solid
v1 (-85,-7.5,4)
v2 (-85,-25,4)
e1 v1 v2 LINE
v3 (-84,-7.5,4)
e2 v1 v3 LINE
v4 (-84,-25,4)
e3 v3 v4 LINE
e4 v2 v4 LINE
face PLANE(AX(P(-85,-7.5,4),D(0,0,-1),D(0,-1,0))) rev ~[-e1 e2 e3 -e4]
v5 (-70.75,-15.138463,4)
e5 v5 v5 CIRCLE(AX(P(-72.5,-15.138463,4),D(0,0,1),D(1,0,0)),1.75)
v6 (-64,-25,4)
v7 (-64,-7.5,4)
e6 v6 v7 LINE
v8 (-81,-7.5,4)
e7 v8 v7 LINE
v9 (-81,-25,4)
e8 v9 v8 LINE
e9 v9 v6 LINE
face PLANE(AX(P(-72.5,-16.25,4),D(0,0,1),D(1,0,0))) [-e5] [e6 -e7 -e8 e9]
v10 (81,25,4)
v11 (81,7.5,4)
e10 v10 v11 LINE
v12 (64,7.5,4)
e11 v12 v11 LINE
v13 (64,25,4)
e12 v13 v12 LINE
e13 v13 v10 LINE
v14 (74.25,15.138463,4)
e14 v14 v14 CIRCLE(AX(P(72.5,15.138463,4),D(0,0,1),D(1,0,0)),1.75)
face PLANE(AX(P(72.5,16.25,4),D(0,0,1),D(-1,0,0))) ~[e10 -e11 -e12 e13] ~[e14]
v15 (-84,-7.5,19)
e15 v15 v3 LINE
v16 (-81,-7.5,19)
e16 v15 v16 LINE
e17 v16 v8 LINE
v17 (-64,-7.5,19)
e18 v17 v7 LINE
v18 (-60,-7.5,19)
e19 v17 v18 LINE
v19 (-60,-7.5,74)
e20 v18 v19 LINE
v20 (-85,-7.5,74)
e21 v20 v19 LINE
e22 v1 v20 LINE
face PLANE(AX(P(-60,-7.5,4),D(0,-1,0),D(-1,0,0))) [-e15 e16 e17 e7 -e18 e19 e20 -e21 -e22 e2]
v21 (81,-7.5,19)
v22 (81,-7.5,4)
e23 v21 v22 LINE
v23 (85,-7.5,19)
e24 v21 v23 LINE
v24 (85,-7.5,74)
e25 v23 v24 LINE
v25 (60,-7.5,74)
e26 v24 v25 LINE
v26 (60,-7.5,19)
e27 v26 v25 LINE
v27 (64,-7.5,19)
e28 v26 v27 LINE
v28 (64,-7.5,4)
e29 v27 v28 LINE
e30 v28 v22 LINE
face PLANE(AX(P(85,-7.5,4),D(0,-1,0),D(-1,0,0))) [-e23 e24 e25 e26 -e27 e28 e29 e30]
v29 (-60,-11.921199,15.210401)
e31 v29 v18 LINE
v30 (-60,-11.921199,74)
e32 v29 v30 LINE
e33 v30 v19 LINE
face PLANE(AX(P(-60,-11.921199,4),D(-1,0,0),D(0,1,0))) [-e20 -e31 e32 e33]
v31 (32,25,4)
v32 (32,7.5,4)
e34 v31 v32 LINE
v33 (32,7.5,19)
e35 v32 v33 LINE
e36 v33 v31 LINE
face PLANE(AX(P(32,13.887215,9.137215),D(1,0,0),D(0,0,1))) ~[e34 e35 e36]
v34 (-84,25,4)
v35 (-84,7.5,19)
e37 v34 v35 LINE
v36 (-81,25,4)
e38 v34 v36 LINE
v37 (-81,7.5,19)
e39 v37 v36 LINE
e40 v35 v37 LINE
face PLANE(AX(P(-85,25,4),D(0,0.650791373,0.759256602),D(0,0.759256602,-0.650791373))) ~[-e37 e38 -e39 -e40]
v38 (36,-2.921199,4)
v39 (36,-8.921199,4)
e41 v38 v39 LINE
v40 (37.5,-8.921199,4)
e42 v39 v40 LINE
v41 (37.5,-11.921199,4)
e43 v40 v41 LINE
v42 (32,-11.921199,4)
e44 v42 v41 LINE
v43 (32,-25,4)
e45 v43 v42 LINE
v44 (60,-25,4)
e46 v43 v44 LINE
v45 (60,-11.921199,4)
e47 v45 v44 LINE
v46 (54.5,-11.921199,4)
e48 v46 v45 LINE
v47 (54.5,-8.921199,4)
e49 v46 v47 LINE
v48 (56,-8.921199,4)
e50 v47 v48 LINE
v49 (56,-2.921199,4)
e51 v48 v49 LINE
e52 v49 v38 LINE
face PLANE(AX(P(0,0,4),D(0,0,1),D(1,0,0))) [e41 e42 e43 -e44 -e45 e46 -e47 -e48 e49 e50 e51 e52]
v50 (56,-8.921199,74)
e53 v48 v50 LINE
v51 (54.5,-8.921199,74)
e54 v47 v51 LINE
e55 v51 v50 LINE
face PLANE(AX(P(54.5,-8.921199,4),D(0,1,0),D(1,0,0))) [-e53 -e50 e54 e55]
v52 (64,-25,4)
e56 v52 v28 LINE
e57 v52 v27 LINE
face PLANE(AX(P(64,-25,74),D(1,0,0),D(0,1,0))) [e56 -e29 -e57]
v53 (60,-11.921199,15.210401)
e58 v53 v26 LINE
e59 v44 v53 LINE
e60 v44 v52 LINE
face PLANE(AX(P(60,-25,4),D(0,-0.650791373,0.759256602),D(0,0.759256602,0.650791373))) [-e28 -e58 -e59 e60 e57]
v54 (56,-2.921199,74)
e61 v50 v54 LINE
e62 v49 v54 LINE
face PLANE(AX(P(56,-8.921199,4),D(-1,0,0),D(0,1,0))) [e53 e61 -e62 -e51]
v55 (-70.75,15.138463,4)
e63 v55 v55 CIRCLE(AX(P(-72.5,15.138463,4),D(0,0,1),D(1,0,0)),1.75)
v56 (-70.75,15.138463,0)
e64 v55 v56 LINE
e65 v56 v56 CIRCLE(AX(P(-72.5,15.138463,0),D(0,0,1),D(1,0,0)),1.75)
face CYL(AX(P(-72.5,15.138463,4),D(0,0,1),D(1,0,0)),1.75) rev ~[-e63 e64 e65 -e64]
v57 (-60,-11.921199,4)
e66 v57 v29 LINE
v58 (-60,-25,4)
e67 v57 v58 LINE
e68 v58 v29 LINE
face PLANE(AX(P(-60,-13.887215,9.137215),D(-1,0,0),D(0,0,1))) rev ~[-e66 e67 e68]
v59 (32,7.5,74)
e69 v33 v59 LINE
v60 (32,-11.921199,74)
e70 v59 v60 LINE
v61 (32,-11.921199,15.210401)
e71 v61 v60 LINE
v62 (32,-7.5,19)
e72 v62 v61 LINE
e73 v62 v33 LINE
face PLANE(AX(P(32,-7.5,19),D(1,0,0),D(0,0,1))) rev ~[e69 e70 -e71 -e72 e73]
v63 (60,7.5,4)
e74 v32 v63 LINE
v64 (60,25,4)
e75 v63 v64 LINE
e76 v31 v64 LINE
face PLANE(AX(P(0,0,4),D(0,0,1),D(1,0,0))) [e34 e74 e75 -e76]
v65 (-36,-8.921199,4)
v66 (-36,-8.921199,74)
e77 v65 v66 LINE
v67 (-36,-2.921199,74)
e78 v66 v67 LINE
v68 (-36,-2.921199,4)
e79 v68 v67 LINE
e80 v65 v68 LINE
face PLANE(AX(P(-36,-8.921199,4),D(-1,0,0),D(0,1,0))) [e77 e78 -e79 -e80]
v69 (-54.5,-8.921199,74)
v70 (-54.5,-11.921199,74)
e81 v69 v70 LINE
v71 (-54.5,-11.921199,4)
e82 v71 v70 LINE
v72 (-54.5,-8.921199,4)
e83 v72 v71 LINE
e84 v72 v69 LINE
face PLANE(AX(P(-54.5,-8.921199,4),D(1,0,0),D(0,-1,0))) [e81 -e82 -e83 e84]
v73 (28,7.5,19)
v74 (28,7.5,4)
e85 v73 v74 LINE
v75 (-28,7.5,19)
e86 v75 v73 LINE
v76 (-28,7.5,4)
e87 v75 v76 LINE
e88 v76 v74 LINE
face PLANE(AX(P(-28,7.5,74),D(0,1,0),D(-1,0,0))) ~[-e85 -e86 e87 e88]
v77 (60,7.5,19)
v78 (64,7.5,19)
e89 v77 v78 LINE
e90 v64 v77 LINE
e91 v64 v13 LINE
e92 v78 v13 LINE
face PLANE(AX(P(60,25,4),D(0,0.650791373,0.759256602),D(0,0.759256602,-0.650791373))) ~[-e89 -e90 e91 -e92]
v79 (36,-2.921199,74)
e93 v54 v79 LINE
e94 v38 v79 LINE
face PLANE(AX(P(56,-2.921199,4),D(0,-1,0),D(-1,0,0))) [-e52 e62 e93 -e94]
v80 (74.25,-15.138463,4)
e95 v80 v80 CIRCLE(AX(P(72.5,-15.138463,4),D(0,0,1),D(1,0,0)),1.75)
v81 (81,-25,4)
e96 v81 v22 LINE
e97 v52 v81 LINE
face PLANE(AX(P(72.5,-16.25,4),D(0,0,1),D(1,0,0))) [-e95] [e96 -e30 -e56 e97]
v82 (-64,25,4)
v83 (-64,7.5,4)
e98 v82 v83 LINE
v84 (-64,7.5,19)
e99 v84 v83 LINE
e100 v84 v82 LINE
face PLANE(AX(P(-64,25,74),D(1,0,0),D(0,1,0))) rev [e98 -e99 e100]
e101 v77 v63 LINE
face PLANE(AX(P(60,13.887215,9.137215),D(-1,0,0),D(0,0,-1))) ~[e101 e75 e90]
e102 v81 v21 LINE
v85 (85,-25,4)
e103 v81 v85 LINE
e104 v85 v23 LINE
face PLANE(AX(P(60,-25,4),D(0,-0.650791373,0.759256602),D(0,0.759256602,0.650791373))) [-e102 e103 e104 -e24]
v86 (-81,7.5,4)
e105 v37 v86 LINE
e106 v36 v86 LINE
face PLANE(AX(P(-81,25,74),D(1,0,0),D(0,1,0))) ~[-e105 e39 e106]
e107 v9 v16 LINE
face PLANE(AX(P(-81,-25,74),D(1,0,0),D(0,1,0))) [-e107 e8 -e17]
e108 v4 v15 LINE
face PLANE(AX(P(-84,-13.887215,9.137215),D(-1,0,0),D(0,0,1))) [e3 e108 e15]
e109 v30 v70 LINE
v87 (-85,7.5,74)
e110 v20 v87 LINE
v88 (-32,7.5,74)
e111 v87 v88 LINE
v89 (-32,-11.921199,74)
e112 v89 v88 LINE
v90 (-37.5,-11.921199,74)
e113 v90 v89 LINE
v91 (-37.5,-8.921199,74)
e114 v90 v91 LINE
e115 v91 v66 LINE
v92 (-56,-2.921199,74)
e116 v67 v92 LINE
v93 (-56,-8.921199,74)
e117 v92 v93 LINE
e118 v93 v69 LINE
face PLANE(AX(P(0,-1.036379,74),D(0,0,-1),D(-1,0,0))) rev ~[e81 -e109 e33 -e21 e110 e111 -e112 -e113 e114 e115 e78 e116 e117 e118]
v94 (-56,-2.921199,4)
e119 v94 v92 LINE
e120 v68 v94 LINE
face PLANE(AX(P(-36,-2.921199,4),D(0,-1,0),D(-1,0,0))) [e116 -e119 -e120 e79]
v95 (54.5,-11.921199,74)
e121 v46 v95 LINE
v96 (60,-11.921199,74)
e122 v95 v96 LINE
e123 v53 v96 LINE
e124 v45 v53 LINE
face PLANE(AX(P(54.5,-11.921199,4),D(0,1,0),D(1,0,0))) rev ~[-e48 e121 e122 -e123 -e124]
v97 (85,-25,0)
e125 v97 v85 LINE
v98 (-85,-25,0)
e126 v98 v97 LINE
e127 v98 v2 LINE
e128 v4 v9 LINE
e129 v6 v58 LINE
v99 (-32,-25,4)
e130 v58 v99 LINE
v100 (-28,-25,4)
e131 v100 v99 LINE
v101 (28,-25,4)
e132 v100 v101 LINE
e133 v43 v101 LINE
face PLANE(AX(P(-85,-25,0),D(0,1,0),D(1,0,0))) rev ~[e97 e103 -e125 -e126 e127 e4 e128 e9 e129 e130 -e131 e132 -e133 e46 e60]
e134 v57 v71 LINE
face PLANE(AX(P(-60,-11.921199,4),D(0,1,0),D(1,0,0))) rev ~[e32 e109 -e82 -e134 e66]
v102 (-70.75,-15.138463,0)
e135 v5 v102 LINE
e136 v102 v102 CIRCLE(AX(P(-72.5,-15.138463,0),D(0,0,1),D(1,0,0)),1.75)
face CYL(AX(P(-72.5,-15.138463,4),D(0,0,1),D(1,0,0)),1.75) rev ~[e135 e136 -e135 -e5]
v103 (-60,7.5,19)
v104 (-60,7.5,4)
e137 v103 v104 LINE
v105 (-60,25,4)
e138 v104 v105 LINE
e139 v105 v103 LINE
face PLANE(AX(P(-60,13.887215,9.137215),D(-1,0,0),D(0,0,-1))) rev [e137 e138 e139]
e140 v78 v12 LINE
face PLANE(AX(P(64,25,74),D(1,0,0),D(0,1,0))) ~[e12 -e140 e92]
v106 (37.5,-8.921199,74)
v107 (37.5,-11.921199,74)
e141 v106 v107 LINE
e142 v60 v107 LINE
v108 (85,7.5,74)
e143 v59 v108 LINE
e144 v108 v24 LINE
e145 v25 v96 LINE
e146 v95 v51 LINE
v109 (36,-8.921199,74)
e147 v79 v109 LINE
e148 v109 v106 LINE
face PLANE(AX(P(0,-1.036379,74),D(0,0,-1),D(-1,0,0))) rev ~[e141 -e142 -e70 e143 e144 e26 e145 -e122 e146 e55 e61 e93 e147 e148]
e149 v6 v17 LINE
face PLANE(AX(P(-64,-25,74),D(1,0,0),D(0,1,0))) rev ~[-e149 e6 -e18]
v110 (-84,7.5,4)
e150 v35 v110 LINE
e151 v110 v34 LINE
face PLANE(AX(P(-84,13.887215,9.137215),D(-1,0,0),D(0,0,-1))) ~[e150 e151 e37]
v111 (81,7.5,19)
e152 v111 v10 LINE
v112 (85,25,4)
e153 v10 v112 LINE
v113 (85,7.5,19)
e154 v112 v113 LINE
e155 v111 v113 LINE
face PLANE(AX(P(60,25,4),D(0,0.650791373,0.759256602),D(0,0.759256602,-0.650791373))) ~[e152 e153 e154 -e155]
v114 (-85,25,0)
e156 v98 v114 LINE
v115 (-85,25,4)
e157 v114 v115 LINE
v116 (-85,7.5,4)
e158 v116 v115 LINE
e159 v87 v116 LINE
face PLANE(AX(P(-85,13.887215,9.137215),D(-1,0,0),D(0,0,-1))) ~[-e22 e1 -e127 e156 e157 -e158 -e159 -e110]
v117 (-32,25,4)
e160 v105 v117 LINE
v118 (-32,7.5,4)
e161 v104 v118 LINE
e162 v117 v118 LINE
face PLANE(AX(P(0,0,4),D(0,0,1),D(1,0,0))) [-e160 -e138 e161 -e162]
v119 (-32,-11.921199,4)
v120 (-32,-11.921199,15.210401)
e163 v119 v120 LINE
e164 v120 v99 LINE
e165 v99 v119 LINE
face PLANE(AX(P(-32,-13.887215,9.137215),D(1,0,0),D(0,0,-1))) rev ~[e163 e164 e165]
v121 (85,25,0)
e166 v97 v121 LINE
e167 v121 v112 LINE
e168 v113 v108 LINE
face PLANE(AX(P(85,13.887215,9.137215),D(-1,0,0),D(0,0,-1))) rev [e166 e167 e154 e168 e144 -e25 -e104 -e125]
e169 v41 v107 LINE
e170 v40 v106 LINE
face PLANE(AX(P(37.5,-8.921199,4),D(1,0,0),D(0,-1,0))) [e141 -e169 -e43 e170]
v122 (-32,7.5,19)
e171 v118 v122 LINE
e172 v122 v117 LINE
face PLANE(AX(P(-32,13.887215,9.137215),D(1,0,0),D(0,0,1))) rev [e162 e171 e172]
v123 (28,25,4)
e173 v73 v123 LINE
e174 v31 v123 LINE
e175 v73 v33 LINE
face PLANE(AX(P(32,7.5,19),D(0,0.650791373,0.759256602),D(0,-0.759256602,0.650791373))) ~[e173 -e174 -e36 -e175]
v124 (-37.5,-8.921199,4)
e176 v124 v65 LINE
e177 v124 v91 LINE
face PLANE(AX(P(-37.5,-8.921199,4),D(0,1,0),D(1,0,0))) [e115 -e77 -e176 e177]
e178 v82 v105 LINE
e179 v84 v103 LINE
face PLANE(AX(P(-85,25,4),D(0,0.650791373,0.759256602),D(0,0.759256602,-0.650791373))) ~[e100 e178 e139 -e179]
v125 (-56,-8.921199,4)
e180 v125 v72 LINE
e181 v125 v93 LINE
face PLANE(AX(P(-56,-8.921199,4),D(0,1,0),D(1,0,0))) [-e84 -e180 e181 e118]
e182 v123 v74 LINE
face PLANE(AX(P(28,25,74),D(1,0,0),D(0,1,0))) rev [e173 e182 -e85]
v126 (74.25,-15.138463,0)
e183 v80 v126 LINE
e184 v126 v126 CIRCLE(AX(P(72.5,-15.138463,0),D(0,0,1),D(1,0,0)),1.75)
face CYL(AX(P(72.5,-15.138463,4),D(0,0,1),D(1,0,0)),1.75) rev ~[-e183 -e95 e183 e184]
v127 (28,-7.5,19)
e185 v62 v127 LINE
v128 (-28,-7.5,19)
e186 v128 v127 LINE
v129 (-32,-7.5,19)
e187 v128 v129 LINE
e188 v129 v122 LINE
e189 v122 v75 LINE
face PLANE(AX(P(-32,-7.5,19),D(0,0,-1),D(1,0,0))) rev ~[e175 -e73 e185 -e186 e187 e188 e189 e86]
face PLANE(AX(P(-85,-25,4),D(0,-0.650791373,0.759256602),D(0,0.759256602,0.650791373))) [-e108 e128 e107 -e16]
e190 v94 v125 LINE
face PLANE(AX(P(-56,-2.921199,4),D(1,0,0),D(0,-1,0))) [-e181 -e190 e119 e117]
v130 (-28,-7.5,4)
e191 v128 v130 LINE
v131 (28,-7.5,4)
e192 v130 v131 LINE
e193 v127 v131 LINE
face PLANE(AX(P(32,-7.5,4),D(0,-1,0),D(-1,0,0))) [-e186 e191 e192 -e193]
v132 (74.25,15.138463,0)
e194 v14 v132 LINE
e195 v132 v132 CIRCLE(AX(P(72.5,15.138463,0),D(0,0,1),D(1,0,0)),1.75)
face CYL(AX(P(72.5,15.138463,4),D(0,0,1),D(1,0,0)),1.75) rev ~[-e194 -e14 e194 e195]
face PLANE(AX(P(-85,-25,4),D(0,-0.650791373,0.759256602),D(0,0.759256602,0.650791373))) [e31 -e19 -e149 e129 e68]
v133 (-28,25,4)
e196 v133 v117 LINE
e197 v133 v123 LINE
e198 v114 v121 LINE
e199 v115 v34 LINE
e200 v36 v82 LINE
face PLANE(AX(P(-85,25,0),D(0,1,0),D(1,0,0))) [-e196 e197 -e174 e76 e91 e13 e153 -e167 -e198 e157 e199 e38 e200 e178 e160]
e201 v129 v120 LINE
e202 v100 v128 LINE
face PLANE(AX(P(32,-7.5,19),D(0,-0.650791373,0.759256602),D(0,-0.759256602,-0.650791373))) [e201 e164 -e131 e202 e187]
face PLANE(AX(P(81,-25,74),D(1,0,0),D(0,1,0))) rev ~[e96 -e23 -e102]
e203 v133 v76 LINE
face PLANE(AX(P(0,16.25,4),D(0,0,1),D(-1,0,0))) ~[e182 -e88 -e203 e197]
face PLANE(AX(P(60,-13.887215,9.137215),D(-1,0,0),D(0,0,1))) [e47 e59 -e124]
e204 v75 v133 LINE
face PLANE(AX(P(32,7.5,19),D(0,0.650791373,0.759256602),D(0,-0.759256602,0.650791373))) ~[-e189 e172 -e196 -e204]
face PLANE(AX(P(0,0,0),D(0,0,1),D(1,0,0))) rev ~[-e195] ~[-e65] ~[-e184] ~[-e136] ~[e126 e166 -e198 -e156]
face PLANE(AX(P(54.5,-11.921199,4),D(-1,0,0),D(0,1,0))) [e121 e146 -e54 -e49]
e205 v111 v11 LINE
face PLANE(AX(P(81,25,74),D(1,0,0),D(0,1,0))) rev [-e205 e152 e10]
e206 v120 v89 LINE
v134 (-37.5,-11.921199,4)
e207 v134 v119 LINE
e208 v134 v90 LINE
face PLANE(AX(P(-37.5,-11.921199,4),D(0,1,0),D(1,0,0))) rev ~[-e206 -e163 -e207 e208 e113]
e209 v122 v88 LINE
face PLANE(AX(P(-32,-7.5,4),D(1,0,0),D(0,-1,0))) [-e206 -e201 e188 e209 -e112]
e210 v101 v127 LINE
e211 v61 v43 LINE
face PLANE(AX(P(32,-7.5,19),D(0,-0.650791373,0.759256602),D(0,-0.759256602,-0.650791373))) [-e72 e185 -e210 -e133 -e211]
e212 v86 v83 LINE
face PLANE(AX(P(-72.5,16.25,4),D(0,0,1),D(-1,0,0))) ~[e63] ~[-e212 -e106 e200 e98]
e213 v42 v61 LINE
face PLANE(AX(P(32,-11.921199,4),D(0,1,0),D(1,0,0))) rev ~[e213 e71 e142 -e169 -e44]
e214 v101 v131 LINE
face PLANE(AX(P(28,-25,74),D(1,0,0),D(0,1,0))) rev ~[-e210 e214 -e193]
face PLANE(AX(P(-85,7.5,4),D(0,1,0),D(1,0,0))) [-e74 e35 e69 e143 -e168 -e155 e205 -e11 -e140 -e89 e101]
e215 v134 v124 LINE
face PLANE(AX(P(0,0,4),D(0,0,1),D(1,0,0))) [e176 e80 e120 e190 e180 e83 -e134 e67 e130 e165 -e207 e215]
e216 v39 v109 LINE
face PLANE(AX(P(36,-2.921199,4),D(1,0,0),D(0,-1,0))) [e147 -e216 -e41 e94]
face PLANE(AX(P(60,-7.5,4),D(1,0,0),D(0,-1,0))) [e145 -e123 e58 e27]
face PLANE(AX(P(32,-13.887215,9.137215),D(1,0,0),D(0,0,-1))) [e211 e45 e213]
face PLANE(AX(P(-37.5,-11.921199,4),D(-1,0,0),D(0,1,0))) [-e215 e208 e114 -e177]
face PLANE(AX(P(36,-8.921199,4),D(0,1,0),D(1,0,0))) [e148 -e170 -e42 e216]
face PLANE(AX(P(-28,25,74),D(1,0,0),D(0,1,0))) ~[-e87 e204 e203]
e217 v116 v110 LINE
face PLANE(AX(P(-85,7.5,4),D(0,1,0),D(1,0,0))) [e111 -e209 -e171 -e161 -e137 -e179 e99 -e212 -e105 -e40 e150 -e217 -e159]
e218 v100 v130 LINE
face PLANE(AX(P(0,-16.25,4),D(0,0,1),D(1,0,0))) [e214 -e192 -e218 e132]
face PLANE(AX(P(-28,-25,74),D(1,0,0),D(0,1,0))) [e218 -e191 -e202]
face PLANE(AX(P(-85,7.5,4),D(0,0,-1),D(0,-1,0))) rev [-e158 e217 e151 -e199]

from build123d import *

# Parameters (mm, degrees)
CROQUIS1_W              = 170
CROQUIS1_H              = 50
SALIENTE_EXTRUIR1_DEPTH = 4
SALIENTE_EXTRUIR2_DEPTH = 70
SALIENTE_EXTRUIR3_DEPTH = 25
SALIENTE_EXTRUIR4_DEPTH = 64
SALIENTE_EXTRUIR5_DEPTH = 25
CROQUIS9_W              = 17
CROQUIS9_H              = 17.5
CROQUIS9_W_2            = 56
CORTAR_EXTRUIR1_DEPTH   = 70
CROQUIS11_W             = 64
CROQUIS11_H             = 55
CORTAR_EXTRUIR4_DEPTH   = 15
CROQUIS12_R             = 1.75
CORTAR_EXTRUIR5_DEPTH   = 15
CORTAR_EXTRUIR6_DEPTH   = 1


with BuildPart() as part:
    # Croquis1 → Saliente-Extruir1 (new body)
    with BuildSketch(Plane.XY):
        Rectangle(CROQUIS1_W, CROQUIS1_H)
    extrude(amount=SALIENTE_EXTRUIR1_DEPTH)

    # Croquis3 → Saliente-Extruir2 (add)
    with BuildSketch(Plane.XY.offset(4)):
        Polygon((-85, 7.5), (85, 7.5), (85, -7.5), (60, -7.5), (60, -11.921199344), (56, -11.921199344), (54.5, -11.921199344), (54.5, -8.921199344), (56, -8.921199344), (56, -2.921199344), (36, -2.921199344), (36, -8.921199344), (37.5, -8.921199344), (37.5, -11.921199344), (36, -11.921199344), (32, -11.921199344), (32, -7.5), (-32, -7.5), (-32, -11.921199344), (-36, -11.921199344), (-37.5, -11.921199344), (-37.5, -8.921199344), (-36, -8.921199344), (-36, -2.921199344), (-56, -2.921199344), (-56, -8.921199344), (-54.5, -8.921199344), (-54.5, -11.921199344), (-56, -11.921199344), (-60, -11.921199344), (-60, -7.5), (-85, -7.5), align=None)
    extrude(amount=SALIENTE_EXTRUIR2_DEPTH)

    # Croquis4 → Saliente-Extruir3 (add)
    with BuildSketch(Plane.ZY.offset(85)):
        Polygon((4, -25), (19, -7.5), (4, -7.5), align=None)
    saliente_extruir3 = extrude(amount=-SALIENTE_EXTRUIR3_DEPTH)

    # Croquis5 → Saliente-Extruir4 (add)
    with BuildSketch(Plane.ZY.offset(-32)):
        Polygon((19, -7.5), (4, -25), (4, -7.5), align=None)
    saliente_extruir4 = extrude(amount=SALIENTE_EXTRUIR4_DEPTH)

    # Croquis7 → Saliente-Extruir5 (add)
    with BuildSketch(Plane(origin=(60, 0, 0), x_dir=(0, 0, -1), z_dir=(1, 0, 0))):
        Polygon((-4, -25), (-19, -7.5), (-4, -7.5), align=None)
    saliente_extruir5 = extrude(amount=SALIENTE_EXTRUIR5_DEPTH)

    # Croquis9 → Cortar-Extruir1 (cut)
    with BuildSketch(Plane.XY.offset(74)):
        with Locations((-72.5, -16.25)):
            Rectangle(CROQUIS9_W, CROQUIS9_H)
        with Locations((0, -16.25)):
            Rectangle(CROQUIS9_W_2, CROQUIS9_H)
        with Locations((72.5, -16.25)):
            Rectangle(CROQUIS9_W, CROQUIS9_H)
    cortar_extruir1 = extrude(amount=-CORTAR_EXTRUIR1_DEPTH, mode=Mode.SUBTRACT)

    # Croquis11 → Cortar-Extruir4 (cut)
    with BuildSketch(Plane.XZ.offset(7.5)):
        with Locations((0, 46.5)):
            Rectangle(CROQUIS11_W, CROQUIS11_H)
    extrude(amount=-CORTAR_EXTRUIR4_DEPTH, mode=Mode.SUBTRACT)

    # Croquis12 → Cortar-Extruir5 (cut)
    with BuildSketch(Plane.XY.offset(4)):
        with Locations((-72.5, 15.138462845)):
            Circle(CROQUIS12_R)
        with Locations((-72.5, -15.138462845)):
            Circle(CROQUIS12_R)
        with Locations((72.5, -15.138462845)):
            Circle(CROQUIS12_R)
        with Locations((72.5, 15.138462845)):
            Circle(CROQUIS12_R)
    extrude(amount=-CORTAR_EXTRUIR5_DEPTH, mode=Mode.SUBTRACT)

    # Croquis14 → Cortar-Extruir6 (cut)
    with BuildSketch(Plane.ZY.offset(85)):
        Polygon((19, -7.5), (4, -7.5), (4, -25), align=None)
    cortar_extruir6 = extrude(amount=-CORTAR_EXTRUIR6_DEPTH, mode=Mode.SUBTRACT)

    # Simetría1: Saliente-Extruir3, Saliente-Extruir4, Saliente-Extruir5, Cortar-Extruir1, Cortar-Extruir6 across plane
    add(saliente_extruir3.mirror(Plane(origin=(0, 0, 0), x_dir=(0, 0, 1), z_dir=(0, -1, 0))))
    add(saliente_extruir4.mirror(Plane(origin=(0, 0, 0), x_dir=(0, 0, 1), z_dir=(0, -1, 0))))
    add(saliente_extruir5.mirror(Plane(origin=(0, 0, 0), x_dir=(0, 0, 1), z_dir=(0, -1, 0))))
    add(cortar_extruir1.mirror(Plane(origin=(0, 0, 0), x_dir=(0, 0, 1), z_dir=(0, -1, 0))), mode=Mode.SUBTRACT)
    add(cortar_extruir6.mirror(Plane(origin=(0, 0, 0), x_dir=(0, 0, 1), z_dir=(0, -1, 0))), mode=Mode.SUBTRACT)


solid = part.part
